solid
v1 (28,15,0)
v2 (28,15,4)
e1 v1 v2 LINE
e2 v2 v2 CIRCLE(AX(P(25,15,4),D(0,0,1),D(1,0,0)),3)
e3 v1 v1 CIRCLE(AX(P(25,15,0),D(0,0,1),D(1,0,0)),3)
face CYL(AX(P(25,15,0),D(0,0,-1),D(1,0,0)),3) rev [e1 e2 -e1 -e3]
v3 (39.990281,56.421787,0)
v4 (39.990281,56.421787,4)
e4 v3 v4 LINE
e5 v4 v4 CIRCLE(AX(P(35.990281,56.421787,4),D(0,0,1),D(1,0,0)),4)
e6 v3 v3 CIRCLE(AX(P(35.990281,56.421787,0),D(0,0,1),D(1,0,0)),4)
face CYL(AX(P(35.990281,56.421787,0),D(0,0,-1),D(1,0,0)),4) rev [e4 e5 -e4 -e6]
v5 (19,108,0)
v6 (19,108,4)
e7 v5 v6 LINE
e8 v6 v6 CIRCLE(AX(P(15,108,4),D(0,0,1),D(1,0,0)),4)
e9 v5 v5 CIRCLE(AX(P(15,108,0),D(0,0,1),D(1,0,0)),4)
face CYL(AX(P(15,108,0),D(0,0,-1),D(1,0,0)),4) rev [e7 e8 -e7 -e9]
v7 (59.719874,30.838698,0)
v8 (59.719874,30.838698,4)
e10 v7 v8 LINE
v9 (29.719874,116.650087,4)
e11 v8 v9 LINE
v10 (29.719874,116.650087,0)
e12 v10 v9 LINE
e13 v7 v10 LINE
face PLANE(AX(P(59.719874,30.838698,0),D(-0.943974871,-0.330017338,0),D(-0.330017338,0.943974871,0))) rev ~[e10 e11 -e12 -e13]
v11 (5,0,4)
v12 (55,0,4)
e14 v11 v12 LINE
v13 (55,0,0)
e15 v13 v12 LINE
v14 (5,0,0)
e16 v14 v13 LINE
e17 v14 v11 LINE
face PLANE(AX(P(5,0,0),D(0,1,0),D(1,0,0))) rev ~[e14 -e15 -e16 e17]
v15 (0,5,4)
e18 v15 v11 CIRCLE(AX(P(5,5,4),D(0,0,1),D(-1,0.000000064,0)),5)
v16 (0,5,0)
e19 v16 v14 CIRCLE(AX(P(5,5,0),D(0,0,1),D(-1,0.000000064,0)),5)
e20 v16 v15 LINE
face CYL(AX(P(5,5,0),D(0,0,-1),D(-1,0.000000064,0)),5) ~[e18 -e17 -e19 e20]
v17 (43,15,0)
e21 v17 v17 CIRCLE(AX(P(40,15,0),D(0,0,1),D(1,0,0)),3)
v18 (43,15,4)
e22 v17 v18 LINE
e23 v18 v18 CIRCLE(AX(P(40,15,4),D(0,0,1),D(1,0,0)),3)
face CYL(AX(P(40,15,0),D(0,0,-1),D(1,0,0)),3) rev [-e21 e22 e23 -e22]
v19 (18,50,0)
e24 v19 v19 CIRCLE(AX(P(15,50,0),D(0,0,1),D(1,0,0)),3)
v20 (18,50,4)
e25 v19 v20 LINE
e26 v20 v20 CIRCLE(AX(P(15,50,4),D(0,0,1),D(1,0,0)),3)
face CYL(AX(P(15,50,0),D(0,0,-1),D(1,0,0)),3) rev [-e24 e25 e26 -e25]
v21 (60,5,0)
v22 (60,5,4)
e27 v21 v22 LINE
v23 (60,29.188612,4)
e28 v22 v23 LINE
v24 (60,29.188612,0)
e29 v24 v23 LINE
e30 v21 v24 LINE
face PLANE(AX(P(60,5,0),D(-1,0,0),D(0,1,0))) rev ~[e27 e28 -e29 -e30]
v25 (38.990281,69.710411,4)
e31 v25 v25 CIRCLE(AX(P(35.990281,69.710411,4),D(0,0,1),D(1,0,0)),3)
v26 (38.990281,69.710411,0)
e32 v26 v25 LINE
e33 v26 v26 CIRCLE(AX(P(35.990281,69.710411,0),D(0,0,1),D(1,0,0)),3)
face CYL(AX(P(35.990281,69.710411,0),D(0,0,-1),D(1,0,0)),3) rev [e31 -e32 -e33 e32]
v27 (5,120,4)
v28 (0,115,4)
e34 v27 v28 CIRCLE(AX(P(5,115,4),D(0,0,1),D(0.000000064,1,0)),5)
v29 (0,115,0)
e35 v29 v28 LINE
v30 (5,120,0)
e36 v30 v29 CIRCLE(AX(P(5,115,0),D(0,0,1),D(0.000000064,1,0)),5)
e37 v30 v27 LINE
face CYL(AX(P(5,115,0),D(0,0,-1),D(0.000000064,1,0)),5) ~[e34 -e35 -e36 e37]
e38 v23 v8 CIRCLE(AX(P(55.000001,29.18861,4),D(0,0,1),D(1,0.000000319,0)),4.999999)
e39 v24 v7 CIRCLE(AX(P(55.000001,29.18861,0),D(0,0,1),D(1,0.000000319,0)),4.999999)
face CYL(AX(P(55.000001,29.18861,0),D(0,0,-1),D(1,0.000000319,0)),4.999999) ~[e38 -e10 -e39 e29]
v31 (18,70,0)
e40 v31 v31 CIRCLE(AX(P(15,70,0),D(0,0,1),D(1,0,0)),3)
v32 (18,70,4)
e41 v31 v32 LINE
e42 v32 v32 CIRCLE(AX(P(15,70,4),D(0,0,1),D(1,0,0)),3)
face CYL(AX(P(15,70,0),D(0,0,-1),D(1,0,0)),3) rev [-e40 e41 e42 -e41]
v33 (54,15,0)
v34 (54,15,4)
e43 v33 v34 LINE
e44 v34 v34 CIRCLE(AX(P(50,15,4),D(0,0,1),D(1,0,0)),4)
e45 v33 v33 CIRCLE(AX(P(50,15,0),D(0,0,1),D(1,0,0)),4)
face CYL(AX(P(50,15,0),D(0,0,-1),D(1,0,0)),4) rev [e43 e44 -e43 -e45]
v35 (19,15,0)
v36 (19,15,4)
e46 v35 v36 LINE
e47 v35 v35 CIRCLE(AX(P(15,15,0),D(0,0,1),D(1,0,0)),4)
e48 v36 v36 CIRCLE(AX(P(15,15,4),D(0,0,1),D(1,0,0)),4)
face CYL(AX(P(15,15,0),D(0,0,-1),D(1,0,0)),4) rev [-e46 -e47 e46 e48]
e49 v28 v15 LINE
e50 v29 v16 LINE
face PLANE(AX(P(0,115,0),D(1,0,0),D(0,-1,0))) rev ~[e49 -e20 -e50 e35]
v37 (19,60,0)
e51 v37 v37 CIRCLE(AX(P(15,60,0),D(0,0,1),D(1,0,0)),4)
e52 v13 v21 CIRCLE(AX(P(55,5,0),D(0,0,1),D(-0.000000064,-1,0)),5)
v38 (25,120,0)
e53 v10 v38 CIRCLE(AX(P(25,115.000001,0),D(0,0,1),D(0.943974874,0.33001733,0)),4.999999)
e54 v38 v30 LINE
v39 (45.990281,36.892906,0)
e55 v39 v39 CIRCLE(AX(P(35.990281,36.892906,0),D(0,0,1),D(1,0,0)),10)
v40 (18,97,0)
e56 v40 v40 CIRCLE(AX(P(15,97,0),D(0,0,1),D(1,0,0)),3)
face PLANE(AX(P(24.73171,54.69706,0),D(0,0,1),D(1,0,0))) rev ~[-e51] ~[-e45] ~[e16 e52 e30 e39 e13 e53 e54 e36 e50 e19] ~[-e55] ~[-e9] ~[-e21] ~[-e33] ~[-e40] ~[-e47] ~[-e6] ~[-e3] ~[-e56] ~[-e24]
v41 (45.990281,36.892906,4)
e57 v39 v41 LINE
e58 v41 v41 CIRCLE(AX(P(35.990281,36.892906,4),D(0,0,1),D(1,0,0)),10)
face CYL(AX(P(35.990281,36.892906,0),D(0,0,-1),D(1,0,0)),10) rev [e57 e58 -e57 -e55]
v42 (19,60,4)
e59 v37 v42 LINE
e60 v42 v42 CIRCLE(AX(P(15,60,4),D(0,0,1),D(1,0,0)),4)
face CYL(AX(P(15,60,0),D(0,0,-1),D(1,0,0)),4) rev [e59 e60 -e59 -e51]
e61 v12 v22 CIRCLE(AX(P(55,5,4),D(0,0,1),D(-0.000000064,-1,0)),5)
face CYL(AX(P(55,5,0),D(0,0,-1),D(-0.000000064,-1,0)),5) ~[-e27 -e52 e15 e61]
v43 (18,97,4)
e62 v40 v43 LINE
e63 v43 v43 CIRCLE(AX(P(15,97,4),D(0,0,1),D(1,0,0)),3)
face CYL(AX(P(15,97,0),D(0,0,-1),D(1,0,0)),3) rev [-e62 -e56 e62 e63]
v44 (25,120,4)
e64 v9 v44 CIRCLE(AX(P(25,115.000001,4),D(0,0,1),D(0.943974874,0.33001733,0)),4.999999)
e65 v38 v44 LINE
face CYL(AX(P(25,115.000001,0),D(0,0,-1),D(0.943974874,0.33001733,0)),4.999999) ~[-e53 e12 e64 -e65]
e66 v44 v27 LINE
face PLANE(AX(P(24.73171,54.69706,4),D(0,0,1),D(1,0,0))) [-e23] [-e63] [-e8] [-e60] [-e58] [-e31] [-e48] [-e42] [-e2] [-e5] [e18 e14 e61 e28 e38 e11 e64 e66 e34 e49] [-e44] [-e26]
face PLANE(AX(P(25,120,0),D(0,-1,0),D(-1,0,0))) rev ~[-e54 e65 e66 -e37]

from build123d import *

# Parameters (mm, degrees)
F0_R     = 4
F0_R_2   = 3
F0_R_3   = 10
F1_DEPTH = 4


with BuildPart() as f1:
    # F0 (on Top) → F1 (new body)
    with BuildSketch(Plane.XY):
        with BuildLine():
            ThreePointArc((0, 5), (1.464466, 1.464466), (5, 0))
            Line((5, 0), (55, 0))
            ThreePointArc((55, 0), (58.535534, 1.464466), (60, 5))
            Line((60, 5), (60, 29.188612))
            ThreePointArc((60, 29.188612), (59.929471, 30.025459), (59.719874, 30.838698))
            Line((59.719874, 30.838698), (29.719874, 116.650087))
            ThreePointArc((29.719874, 116.650087), (27.893922, 119.077403), (25, 120))
            Line((25, 120), (5, 120))
            ThreePointArc((5, 120), (1.464466, 118.535534), (0, 115))
            Line((0, 115), (0, 5))
        make_face()
        with Locations((15, 15)):
            Circle(F0_R, mode=Mode.SUBTRACT)
        with Locations((25, 15)):
            Circle(F0_R_2, mode=Mode.SUBTRACT)
        with Locations((15, 50)):
            Circle(F0_R_2, mode=Mode.SUBTRACT)
        with Locations((40, 15)):
            Circle(F0_R_2, mode=Mode.SUBTRACT)
        with Locations((50, 15)):
            Circle(F0_R, mode=Mode.SUBTRACT)
        with Locations((35.990281, 36.892906)):
            Circle(F0_R_3, mode=Mode.SUBTRACT)
        with Locations((35.990281, 56.421787)):
            Circle(F0_R, mode=Mode.SUBTRACT)
        with Locations((15, 60)):
            Circle(F0_R, mode=Mode.SUBTRACT)
        with Locations((15, 70)):
            Circle(F0_R_2, mode=Mode.SUBTRACT)
        with Locations((15, 97)):
            Circle(F0_R_2, mode=Mode.SUBTRACT)
        with Locations((15, 108)):
            Circle(F0_R, mode=Mode.SUBTRACT)
        with Locations((35.990281, 69.710411)):
            Circle(F0_R_2, mode=Mode.SUBTRACT)
    extrude(amount=F1_DEPTH)


solid = f1.part
